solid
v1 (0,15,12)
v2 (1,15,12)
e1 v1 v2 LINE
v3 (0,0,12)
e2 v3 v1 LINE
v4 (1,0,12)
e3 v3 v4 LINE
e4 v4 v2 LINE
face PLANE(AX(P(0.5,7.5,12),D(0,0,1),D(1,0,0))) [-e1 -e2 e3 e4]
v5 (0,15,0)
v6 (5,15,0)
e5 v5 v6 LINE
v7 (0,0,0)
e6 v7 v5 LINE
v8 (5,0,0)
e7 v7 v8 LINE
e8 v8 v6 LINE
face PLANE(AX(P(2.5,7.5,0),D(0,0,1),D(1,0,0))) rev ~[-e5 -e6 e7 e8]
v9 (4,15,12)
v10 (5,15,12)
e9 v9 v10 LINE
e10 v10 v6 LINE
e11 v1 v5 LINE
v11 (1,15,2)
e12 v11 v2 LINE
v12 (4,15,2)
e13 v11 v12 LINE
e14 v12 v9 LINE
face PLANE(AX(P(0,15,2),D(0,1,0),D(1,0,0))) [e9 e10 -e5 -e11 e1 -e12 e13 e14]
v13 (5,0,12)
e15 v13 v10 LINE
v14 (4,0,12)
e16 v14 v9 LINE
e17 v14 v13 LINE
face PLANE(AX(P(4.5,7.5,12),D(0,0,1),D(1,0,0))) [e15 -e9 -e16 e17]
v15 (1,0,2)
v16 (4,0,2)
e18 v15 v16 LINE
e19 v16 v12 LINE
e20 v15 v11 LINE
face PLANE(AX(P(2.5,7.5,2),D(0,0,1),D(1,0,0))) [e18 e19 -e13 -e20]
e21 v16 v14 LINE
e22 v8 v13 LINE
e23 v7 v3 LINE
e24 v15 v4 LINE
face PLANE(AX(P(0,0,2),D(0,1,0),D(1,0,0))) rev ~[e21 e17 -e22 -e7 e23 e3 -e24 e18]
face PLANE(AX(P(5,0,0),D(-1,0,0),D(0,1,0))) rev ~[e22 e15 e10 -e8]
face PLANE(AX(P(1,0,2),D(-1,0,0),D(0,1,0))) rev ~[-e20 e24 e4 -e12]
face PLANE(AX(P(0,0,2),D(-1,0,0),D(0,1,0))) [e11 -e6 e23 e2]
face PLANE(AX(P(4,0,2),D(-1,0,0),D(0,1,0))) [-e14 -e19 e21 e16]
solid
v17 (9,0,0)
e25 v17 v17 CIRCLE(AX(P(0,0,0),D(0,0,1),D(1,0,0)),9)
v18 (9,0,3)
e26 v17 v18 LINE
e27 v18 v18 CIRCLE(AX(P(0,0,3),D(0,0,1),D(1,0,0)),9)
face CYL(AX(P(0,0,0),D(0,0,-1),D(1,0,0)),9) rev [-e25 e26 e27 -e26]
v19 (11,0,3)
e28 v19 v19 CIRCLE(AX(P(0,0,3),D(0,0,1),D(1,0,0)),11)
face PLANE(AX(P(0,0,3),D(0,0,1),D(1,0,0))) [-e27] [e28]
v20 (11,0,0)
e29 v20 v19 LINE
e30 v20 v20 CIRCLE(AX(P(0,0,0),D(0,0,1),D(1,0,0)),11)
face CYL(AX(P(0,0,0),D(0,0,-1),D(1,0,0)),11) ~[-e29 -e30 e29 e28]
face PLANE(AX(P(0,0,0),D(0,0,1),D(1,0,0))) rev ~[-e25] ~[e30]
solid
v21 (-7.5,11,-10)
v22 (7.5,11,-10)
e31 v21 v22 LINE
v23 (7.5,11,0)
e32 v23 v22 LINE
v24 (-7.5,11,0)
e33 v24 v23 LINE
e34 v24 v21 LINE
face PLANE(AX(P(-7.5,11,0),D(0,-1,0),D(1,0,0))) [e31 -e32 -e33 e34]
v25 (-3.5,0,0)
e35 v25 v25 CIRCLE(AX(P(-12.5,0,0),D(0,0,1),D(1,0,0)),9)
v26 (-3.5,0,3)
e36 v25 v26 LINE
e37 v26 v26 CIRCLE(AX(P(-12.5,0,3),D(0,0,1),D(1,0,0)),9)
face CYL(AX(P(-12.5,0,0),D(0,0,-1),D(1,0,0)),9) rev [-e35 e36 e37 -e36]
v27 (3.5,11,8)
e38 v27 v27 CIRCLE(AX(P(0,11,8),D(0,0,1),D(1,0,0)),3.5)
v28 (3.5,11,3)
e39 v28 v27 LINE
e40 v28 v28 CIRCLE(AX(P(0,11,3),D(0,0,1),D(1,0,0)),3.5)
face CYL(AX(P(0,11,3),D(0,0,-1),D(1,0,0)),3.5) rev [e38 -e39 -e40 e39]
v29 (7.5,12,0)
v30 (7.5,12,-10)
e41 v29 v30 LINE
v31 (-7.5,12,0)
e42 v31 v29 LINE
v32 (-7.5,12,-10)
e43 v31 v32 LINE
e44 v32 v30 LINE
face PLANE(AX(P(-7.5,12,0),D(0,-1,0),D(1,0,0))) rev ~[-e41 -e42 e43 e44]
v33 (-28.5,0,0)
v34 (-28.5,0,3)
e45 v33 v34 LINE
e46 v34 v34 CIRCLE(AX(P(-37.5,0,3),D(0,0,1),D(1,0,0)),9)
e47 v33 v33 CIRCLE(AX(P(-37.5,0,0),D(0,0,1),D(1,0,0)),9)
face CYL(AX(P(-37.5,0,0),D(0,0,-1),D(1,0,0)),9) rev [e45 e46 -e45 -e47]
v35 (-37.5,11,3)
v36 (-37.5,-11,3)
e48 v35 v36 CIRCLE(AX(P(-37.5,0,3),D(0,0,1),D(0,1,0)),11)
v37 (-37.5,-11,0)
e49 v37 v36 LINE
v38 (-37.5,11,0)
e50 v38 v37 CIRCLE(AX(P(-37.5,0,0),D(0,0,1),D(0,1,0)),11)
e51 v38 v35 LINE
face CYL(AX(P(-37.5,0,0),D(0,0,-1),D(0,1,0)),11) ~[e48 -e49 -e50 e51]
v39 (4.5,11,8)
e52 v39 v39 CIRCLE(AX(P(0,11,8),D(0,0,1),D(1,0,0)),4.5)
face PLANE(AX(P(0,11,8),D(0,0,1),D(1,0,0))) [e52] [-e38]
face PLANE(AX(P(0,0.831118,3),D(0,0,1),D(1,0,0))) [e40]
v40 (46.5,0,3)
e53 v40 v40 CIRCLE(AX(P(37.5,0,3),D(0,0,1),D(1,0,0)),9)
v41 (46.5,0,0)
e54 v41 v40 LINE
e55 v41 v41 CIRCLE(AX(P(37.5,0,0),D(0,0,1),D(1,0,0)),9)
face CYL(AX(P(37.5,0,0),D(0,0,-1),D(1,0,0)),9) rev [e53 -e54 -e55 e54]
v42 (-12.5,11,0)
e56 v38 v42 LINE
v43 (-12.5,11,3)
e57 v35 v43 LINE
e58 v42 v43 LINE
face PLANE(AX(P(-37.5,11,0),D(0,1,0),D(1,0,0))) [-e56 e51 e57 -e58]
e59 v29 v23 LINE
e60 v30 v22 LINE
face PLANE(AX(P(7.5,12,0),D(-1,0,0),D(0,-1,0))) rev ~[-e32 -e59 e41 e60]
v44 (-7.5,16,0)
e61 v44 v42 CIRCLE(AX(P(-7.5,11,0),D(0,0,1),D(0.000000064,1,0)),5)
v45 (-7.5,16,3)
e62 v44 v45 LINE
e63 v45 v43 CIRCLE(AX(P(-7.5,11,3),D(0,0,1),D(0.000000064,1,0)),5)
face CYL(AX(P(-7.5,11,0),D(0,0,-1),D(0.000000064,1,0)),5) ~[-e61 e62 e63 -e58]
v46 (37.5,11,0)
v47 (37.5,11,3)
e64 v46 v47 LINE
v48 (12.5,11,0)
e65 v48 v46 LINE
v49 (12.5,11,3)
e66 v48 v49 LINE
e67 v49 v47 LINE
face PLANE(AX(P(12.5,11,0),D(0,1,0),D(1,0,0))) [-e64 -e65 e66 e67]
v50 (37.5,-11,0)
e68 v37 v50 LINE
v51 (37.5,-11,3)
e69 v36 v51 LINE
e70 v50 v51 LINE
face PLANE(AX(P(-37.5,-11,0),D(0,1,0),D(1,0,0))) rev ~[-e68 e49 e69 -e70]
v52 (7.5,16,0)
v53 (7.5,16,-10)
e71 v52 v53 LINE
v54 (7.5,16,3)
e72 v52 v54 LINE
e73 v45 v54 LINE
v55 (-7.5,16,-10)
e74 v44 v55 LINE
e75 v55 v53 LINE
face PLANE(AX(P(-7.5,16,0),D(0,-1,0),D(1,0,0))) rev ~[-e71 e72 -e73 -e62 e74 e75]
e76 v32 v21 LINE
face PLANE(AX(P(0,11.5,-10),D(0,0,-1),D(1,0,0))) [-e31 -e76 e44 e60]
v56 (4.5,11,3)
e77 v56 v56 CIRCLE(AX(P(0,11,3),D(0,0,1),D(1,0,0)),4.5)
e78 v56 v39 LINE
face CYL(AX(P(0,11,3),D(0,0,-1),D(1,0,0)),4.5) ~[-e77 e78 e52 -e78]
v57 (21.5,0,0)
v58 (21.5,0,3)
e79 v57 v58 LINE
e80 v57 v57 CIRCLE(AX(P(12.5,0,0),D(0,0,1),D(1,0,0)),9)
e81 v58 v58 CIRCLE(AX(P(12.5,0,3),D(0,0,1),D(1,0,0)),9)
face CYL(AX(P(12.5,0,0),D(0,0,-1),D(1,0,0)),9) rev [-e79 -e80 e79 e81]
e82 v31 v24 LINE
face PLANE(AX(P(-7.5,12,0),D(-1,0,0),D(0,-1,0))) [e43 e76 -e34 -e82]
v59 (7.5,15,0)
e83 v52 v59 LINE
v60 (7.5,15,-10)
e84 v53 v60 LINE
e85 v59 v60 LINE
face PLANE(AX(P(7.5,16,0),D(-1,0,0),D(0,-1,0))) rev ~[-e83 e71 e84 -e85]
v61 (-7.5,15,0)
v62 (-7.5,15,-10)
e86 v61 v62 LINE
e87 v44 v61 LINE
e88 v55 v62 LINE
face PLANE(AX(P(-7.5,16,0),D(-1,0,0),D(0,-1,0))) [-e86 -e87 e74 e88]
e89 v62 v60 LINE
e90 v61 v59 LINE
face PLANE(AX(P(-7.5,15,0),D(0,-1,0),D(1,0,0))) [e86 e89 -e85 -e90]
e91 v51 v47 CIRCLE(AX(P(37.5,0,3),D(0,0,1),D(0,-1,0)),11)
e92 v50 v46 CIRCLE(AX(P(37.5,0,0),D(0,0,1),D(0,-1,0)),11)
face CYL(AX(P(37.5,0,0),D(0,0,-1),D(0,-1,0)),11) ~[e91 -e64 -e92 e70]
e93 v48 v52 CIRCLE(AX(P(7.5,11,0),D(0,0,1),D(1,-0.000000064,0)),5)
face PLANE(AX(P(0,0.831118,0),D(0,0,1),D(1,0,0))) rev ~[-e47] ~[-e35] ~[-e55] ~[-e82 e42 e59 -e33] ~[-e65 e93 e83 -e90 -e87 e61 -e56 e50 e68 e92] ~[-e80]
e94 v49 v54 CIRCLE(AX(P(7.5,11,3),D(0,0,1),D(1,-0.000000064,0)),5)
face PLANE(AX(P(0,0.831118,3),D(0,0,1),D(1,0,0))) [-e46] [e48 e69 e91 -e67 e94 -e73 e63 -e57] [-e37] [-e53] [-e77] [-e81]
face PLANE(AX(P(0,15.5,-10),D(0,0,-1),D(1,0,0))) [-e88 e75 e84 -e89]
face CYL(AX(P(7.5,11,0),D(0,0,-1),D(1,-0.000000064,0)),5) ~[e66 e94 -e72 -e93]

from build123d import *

# Parameters (mm, degrees)
SKETCH_W      = 5
SKETCH_H      = 15
PAD_DEPTH     = 2
SKETCH001_W   = 1
SKETCH001_H   = 15
PAD001_DEPTH  = 10
SKETCH002_R   = 11
SKETCH002_R_2 = 9
PAD002_DEPTH  = 3
SKETCH003_R   = 9
PAD003_DEPTH  = 3
SKETCH004_R   = 4.5
SKETCH004_R_2 = 3.5
PAD004_DEPTH  = 5
SKETCH005_W   = 15
SKETCH005_H   = 1
PAD005_DEPTH  = 10


with BuildPart() as clip:
    # Sketch → Pad (new body)
    with BuildSketch(Plane.XY):
        with Locations((2.5, 7.5)):
            Rectangle(SKETCH_W, SKETCH_H)
    extrude(amount=PAD_DEPTH)

    # Sketch001 (on Face6 of Pad) → Pad001 (join)
    with BuildSketch(Plane.XY.offset(2)):
        with Locations((0.5, 7.5)):
            Rectangle(SKETCH001_W, SKETCH001_H)
        with Locations((4.5, 7.5)):
            Rectangle(SKETCH001_W, SKETCH001_H)
    extrude(amount=PAD001_DEPTH)


with BuildPart() as pillsslot:
    # Sketch002 → Pad002 (new body)
    with BuildSketch(Plane.XY):
        Circle(SKETCH002_R)
        Circle(SKETCH002_R_2, mode=Mode.SUBTRACT)
    extrude(amount=PAD002_DEPTH)


with BuildPart() as main:
    # Sketch003 → Pad003 (new body)
    with BuildSketch(Plane.XY):
        with BuildLine():
            ThreePointArc((37.5, -11), (48.5, 0), (37.5, 11))
            Line((12.5, 11), (37.5, 11))
            ThreePointArc((12.5, 11), (11.035534, 14.535534), (7.5, 16))
            Line((-7.5, 16), (7.5, 16))
            ThreePointArc((-7.5, 16), (-11.035534, 14.535534), (-12.5, 11))
            Line((-37.5, 11), (-12.5, 11))
            ThreePointArc((-37.5, 11), (-48.5, 0), (-37.5, -11))
            Line((-37.5, -11), (37.5, -11))
        make_face()
        with Locations((37.5, 0)):
            Circle(SKETCH003_R, mode=Mode.SUBTRACT)
        with Locations((-37.5, 0)):
            Circle(SKETCH003_R, mode=Mode.SUBTRACT)
        with Locations((-12.5, 0)):
            Circle(SKETCH003_R, mode=Mode.SUBTRACT)
        with Locations((12.5, 0)):
            Circle(SKETCH003_R, mode=Mode.SUBTRACT)
    extrude(amount=PAD003_DEPTH)

    # Sketch004 (on Face14 of Pad003) → Pad004 (join)
    with BuildSketch(Plane.XY.offset(3)):
        with Locations((0, 11)):
            Circle(SKETCH004_R)
        with Locations((0, 11)):
            Circle(SKETCH004_R_2, mode=Mode.SUBTRACT)
    extrude(amount=PAD004_DEPTH)

    # Sketch005 (on Face4 of Pad004) → Pad005 (join)
    with BuildSketch(Plane(origin=(0, 0, 0), x_dir=(1, 0, 0), z_dir=(0, 0, -1))):
        with Locations((0, -15.5)):
            Rectangle(SKETCH005_W, SKETCH005_H)
        with Locations((0, -11.5)):
            Rectangle(SKETCH005_W, SKETCH005_H)
    extrude(amount=PAD005_DEPTH)


solid = Compound([clip.part, pillsslot.part, main.part])
